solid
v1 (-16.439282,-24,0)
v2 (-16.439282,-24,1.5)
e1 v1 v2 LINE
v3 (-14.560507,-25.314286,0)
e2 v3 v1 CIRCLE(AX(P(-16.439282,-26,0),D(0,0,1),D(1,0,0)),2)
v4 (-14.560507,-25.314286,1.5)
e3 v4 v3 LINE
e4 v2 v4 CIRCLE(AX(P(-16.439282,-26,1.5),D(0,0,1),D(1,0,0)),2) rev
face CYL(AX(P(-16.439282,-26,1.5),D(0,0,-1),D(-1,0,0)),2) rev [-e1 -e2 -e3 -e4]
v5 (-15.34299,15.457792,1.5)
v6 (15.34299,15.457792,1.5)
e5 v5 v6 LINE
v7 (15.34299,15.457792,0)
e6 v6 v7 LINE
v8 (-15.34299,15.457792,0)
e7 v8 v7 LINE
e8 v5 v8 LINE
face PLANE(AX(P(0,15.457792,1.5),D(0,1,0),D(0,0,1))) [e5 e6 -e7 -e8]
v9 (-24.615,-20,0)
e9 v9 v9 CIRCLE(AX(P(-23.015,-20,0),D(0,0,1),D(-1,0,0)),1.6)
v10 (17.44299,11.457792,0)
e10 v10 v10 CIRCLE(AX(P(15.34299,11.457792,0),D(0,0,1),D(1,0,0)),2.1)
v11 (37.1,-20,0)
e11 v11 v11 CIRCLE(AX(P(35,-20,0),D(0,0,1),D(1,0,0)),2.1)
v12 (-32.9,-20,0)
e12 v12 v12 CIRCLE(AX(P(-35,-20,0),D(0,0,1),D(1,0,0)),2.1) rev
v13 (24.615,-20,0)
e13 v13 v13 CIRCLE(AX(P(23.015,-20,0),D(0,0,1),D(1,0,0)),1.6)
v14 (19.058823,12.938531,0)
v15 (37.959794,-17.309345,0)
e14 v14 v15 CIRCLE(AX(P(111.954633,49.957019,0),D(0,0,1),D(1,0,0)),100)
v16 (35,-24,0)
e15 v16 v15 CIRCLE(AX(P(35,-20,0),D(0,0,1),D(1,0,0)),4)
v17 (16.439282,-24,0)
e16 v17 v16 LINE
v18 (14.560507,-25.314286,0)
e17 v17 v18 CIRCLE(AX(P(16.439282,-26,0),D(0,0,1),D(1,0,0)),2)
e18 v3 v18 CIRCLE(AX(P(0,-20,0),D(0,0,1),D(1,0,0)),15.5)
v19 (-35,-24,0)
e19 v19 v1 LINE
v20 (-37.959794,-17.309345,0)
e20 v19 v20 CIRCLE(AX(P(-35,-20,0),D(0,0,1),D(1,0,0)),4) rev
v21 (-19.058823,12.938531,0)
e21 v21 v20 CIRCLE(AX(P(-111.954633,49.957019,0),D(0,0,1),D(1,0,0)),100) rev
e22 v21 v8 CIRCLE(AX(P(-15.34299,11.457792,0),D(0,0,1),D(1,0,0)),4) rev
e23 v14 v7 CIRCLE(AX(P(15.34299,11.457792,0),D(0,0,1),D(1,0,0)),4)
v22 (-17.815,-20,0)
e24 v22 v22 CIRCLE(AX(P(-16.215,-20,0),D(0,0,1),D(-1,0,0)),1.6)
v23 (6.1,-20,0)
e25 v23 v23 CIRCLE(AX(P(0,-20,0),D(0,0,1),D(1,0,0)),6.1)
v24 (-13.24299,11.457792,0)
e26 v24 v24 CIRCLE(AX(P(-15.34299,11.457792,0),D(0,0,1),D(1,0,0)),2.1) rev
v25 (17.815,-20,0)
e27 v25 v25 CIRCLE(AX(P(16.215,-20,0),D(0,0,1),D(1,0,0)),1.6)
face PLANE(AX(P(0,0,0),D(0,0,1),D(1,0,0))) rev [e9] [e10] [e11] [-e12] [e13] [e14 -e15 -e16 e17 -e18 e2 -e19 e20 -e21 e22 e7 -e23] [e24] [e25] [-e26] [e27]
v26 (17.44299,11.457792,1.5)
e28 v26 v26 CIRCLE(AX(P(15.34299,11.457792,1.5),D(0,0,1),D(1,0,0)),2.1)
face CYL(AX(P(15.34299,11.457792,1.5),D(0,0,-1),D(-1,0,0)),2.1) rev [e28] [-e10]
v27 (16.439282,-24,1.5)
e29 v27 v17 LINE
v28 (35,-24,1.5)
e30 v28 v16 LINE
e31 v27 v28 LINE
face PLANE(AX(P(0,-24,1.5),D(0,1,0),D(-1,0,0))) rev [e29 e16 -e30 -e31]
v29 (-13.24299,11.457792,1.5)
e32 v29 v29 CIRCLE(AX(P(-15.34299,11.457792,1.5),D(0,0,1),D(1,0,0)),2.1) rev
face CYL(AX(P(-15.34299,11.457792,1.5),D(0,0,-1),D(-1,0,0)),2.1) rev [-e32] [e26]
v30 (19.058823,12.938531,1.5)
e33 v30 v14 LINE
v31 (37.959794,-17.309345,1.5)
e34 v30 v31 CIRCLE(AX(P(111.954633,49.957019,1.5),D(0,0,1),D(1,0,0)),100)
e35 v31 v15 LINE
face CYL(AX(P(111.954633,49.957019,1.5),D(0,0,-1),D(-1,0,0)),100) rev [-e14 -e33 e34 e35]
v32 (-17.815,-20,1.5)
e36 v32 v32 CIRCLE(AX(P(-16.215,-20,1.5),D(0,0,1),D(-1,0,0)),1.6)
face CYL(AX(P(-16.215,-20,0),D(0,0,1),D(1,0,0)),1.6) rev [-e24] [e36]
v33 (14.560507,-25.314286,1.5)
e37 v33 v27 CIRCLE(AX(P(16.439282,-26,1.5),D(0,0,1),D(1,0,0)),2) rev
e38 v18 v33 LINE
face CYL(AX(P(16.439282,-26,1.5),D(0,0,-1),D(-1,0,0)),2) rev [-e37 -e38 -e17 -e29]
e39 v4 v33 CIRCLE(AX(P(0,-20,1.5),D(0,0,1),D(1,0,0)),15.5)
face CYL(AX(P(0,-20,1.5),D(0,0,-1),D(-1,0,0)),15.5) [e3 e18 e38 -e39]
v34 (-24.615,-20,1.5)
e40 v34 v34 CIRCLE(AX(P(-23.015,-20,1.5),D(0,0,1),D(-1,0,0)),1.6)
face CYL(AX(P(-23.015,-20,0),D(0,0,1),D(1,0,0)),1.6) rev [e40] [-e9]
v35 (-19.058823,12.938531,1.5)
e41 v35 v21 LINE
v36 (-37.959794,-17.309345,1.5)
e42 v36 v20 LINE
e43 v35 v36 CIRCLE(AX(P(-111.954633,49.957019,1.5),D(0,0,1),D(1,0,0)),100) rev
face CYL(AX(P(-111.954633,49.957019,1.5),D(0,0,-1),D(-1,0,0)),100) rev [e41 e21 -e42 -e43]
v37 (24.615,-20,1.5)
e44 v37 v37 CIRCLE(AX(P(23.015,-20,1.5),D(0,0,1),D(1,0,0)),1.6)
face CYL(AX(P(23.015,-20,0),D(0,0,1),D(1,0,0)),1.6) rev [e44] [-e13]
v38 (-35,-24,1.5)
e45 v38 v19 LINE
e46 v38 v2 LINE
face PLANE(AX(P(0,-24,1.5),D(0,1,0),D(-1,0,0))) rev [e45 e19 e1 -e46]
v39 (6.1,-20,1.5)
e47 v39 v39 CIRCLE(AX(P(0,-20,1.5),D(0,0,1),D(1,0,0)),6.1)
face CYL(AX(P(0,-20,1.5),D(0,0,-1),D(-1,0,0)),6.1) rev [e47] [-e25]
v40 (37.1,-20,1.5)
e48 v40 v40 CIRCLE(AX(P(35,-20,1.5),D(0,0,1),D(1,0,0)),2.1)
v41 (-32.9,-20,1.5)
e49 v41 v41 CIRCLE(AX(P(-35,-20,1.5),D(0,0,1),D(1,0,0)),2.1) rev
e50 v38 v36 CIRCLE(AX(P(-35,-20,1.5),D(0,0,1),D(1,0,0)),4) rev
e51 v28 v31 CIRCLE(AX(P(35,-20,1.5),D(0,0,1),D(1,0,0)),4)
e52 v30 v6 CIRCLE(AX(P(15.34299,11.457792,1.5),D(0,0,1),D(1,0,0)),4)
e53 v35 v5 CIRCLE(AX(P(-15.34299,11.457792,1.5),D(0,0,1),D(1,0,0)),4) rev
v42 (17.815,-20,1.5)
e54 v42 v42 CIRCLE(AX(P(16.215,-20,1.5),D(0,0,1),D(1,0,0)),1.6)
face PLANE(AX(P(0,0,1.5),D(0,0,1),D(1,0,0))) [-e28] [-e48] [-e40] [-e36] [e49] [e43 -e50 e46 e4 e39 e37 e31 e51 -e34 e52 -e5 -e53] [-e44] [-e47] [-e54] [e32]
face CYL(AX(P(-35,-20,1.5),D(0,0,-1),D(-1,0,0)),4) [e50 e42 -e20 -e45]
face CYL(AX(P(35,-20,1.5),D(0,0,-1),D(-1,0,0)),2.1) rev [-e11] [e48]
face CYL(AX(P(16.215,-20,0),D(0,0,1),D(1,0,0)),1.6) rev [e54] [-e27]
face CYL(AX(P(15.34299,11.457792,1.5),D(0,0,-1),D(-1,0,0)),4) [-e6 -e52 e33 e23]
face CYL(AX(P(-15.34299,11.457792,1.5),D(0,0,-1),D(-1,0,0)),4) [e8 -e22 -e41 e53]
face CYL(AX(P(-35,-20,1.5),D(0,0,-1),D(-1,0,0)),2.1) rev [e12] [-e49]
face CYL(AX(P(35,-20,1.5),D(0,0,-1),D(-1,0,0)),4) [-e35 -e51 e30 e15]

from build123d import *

# Parameters (mm, degrees)
SKETCH_1_R          = 2.1
SKETCH_1_R_2        = 6.1
EXTRUDE_1_DEPTH     = 1.5
SKETCH_2_R          = 6.1
SKETCH_2_R_2        = 1.6
CUT_EXTRUDE_1_DEPTH = 53.758885508
FILLET_1_R          = 2


with BuildPart() as part:
    # ｽｹｯﾁ1 → ﾎﾞｽ - 押し出し1 (new body)
    with BuildSketch(Plane.XY):
        with BuildLine():
            ThreePointArc((-37.95979357, -17.309345429), (-38.658047176, -21.61823696), (-35, -24))
            Line((-35, -24), (-14.974979132, -24))
            ThreePointArc((-14.974979132, -24), (0, -35.5), (14.974979132, -24))
            Line((14.974979132, -24), (35, -24))
            ThreePointArc((35, -24), (38.658047176, -21.61823696), (37.95979357, -17.309345429))
            ThreePointArc((37.95979357, -17.309345429), (27.149823207, -3.034907568), (19.058822549, 12.938531129))
            ThreePointArc((19.058822549, 12.938531129), (17.587655142, 14.768604061), (15.342990138, 15.45779162))
            Line((15.342990138, 15.45779162), (-15.342990138, 15.45779162))
            ThreePointArc((-15.342990138, 15.45779162), (-17.587655142, 14.768604061), (-19.058822549, 12.938531129))
            ThreePointArc((-19.058822549, 12.938531129), (-27.149823207, -3.034907568), (-37.95979357, -17.309345429))
        make_face()
        with Locations((-35, -20)):
            Circle(SKETCH_1_R, mode=Mode.SUBTRACT)
        with Locations((0, -20)):
            Circle(SKETCH_1_R_2, mode=Mode.SUBTRACT)
        with Locations((35, -20)):
            Circle(SKETCH_1_R, mode=Mode.SUBTRACT)
        with Locations((-15.342990138, 11.45779162)):
            Circle(SKETCH_1_R, mode=Mode.SUBTRACT)
        with Locations((15.342990138, 11.45779162)):
            Circle(SKETCH_1_R, mode=Mode.SUBTRACT)
    extrude(amount=EXTRUDE_1_DEPTH)

    # ｽｹｯﾁ2 → ｶｯﾄ - 押し出し1 (cut, through all)
    with BuildSketch(Plane.XY.offset(1.5)):
        with Locations((0, -20)):
            Circle(SKETCH_2_R)
        with Locations((23.015, -20)):
            Circle(SKETCH_2_R_2)
        with Locations(Location((-23.015, -20, 0), (0, 0, 180))):
            Circle(SKETCH_2_R_2)
        with Locations((16.215, -20)):
            Circle(SKETCH_2_R_2)
        with Locations(Location((-16.215, -20, 0), (0, 0, 180))):
            Circle(SKETCH_2_R_2)
    extrude(amount=-CUT_EXTRUDE_1_DEPTH, mode=Mode.SUBTRACT)

    # ﾌｨﾚｯﾄ1
    fillet_1_edges = [part.edges().sort_by_distance(p)[0] for p in [
        (-14.974979132, -24, 0.75),
        (14.974979132, -24, 0.75),
    ]]
    fillet(fillet_1_edges, radius=FILLET_1_R)


solid = part.part
